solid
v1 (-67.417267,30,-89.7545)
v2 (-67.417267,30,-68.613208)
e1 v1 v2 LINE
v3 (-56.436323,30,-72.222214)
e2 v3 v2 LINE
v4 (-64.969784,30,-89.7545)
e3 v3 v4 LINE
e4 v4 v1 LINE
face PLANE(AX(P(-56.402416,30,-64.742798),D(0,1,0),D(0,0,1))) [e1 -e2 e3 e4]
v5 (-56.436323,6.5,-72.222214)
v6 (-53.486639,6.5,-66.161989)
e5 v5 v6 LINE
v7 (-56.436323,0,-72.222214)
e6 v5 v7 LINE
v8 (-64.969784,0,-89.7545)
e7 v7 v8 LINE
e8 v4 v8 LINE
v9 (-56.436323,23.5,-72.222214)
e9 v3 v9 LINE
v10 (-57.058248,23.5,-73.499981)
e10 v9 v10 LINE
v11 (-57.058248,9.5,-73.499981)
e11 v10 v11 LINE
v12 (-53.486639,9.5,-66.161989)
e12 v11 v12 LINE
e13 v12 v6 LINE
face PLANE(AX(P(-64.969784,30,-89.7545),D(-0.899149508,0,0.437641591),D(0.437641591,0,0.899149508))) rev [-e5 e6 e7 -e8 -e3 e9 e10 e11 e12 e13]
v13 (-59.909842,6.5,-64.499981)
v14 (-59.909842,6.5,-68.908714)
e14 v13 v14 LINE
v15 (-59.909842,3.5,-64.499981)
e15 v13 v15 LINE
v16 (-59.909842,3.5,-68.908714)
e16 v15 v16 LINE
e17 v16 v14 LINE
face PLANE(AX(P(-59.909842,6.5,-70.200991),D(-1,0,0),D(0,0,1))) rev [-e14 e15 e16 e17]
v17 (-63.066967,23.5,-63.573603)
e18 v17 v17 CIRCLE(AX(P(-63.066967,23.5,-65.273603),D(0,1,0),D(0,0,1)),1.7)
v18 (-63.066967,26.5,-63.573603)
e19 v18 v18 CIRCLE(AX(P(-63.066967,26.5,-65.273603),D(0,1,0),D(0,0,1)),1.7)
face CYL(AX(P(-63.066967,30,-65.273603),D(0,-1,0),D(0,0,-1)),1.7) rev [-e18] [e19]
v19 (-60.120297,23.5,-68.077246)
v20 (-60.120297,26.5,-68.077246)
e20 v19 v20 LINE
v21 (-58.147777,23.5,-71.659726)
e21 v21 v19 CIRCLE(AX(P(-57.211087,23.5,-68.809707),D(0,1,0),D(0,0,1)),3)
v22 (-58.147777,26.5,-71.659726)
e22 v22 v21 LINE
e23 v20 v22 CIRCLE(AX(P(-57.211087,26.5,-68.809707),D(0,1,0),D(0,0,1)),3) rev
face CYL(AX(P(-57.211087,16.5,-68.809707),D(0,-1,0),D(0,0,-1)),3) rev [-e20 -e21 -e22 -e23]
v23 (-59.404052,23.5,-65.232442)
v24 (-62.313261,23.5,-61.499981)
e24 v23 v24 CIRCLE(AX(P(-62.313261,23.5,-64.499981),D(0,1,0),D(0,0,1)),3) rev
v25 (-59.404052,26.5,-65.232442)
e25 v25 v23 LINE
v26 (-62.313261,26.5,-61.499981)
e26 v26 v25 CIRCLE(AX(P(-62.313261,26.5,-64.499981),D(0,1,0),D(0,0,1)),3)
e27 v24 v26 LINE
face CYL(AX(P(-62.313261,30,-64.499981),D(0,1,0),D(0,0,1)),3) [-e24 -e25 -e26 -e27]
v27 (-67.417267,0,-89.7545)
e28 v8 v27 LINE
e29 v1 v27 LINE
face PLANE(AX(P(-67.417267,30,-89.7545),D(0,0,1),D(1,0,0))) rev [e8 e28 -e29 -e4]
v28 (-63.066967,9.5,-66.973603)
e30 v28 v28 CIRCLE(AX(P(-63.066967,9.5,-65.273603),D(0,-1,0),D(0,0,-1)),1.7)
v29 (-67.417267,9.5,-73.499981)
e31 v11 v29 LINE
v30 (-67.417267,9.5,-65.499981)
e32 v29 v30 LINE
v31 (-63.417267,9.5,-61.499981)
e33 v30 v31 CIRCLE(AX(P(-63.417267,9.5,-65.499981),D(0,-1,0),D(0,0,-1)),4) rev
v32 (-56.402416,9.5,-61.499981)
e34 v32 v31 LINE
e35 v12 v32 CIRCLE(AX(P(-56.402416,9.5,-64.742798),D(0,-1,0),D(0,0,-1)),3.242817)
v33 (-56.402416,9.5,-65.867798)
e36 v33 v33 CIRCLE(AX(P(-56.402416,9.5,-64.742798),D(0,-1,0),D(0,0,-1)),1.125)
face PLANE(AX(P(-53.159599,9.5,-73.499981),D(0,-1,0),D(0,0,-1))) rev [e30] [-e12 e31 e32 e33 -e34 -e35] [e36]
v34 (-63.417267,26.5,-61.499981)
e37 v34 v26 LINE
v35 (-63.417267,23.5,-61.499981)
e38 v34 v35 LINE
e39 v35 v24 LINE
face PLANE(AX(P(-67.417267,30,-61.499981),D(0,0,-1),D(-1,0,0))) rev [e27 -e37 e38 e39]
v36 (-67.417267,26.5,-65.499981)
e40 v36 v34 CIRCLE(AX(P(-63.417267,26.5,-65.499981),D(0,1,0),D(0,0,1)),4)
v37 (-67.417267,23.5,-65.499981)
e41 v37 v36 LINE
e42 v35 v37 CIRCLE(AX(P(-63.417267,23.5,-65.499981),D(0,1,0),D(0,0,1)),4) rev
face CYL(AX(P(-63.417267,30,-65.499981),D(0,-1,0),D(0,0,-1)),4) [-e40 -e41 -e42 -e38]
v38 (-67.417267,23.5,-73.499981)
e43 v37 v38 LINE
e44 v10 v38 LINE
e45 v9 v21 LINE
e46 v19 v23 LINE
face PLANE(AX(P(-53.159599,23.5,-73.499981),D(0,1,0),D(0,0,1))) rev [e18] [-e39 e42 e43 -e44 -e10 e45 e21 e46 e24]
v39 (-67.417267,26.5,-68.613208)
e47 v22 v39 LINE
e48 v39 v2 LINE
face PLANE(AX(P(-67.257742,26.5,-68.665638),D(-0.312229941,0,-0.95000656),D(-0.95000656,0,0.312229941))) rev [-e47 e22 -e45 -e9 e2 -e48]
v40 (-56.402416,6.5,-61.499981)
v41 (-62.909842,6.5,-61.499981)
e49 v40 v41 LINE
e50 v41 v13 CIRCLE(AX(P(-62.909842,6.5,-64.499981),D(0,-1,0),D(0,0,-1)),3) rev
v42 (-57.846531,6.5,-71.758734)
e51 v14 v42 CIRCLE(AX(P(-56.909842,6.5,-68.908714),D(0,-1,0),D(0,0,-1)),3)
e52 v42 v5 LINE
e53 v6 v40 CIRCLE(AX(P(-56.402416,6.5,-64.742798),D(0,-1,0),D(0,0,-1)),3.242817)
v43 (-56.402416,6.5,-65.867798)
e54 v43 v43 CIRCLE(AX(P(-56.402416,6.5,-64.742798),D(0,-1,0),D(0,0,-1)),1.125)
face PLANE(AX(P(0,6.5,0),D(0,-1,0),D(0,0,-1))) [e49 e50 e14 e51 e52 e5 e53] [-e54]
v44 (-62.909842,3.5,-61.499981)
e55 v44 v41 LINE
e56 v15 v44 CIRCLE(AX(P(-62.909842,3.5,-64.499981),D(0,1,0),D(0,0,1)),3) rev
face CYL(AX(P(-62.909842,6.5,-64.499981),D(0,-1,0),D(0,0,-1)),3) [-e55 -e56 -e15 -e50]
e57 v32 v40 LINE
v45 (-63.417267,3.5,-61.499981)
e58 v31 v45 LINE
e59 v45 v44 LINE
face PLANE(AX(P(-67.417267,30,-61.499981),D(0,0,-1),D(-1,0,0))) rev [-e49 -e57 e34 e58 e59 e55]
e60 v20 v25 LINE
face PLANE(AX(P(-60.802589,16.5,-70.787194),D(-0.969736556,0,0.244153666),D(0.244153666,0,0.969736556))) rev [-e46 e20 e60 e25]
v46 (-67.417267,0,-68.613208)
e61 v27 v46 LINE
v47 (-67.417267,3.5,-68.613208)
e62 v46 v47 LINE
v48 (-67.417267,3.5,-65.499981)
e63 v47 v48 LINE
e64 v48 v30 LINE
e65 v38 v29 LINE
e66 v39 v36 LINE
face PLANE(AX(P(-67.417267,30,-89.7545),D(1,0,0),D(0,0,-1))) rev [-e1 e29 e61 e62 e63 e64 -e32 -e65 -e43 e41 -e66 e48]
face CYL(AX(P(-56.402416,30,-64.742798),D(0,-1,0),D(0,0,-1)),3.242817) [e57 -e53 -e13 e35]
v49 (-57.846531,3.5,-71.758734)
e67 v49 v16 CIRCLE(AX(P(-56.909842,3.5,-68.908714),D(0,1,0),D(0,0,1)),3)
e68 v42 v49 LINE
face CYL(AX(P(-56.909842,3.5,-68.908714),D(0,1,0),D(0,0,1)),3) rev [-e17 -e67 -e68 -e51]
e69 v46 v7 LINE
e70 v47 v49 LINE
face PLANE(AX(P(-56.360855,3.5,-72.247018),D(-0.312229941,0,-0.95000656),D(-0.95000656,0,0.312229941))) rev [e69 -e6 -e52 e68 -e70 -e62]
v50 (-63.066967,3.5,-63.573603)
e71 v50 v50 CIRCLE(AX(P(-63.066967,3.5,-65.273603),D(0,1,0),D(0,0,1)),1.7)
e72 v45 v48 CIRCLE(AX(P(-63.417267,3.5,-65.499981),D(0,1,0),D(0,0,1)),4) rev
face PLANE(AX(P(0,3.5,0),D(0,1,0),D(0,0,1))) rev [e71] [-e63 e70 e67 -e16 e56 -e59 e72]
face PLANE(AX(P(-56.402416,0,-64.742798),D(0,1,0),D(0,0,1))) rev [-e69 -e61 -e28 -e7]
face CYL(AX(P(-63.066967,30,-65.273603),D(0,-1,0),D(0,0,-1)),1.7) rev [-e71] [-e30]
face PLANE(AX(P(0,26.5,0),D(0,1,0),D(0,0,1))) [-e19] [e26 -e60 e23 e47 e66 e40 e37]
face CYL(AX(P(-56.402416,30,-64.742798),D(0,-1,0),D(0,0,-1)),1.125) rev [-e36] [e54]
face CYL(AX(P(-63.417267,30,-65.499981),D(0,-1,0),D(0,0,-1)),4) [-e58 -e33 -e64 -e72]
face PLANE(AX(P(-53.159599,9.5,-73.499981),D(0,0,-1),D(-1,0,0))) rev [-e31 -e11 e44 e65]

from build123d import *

# Parameters (mm, degrees)
SKETCH1_R           = 1.7000000000000015
SKETCH1_R_2         = 1.1249999999999982
BOSS_EXTRUDE1_DEPTH = 30
CUT_EXTRUDE1_DEPTH  = 3.5
CUT_EXTRUDE2_DEPTH  = 3.5
FILLET1_R           = 4
SKETCH6_W           = 16.8927871134671
SKETCH6_H           = 14
CUT_EXTRUDE3_DEPTH  = 96.70345562354154
CUT_EXTRUDE4_DEPTH  = 3
FILLET2_R           = 3
FILLET3_R           = 3
CUT_EXTRUDE7_DEPTH  = 10
FILLET4_R           = 3
FILLET5_R           = 3


with BuildPart() as part:
    # Sketch1 → Boss-Extrude1 (new body)
    with BuildSketch(Plane(origin=(0, 0, 0), x_dir=(1, 0, 0), z_dir=(0, 1, 0))):
        with BuildLine():
            Line((-67.41726719036473, 89.75450030463905), (-64.96978375504433, 89.75450030463905))
            Line((-64.96978375504433, 89.75450030463905), (-53.48663897336089, 66.16198945077305))
            ThreePointArc((-53.48663897336089, 66.16198945077305), (-53.65304900524508, 63.02325116523408), (-56.40241603973214, 61.499981250381275))
            Line((-56.40241603973214, 61.499981250381275), (-67.41726719036473, 61.499981250381275))
            Line((-67.41726719036473, 61.499981250381275), (-67.41726719036473, 89.75450030463905))
        make_face()
        with Locations(Location((-63.06696708972735, 65.27360292976877, 0), (0, 0, 270))):
            Circle(SKETCH1_R, mode=Mode.SUBTRACT)
        with Locations(Location((-56.40241603973214, 64.74279797888421, 0), (0, 0, 270))):
            Circle(SKETCH1_R_2, mode=Mode.SUBTRACT)
    extrude(amount=BOSS_EXTRUDE1_DEPTH)

    # Sketch4 → Cut-Extrude1 (cut)
    with BuildSketch(Plane(origin=(0, 0, 0), x_dir=(-1, 0, 0), z_dir=(0, -1, 0))):
        Polygon((56.36085478477071, 72.24701778462617), (67.25774228220871, 68.66563773680312), (67.56486364186908, 68.5646989769961), (68.07491191484384, 60.66505530671413), (50.67511099214203, 61.303323516745735), (50.323559595932146, 66.74816258197976), align=None)
    extrude(amount=-CUT_EXTRUDE1_DEPTH, mode=Mode.SUBTRACT)

    # Sketch5 → Cut-Extrude2 (cut)
    with BuildSketch(Plane(origin=(0, 30, 0), x_dir=(1, 0, 0), z_dir=(0, 1, 0))):
        Polygon((-56.36085478477071, 72.24701778462617), (-67.25774228220871, 68.66563773680312), (-69.83403727288335, 67.81891049665515), (-69.83403727288335, 60.473378762572615), (-51.53143062922566, 60.473378762572615), (-50.58101521609465, 66.57187766349658), align=None)
    extrude(amount=-CUT_EXTRUDE2_DEPTH, mode=Mode.SUBTRACT)

    # Fillet1
    fillet1_edges = [part.edges().sort_by_distance(p)[0] for p in [
        (-67.41726719036473, 15, -61.499981250381275),
    ]]
    fillet(fillet1_edges, radius=FILLET1_R)

    # Sketch6 → Cut-Extrude3 (cut, through all)
    with BuildSketch(Plane.ZY.offset(67.41726719036473)):
        with Locations((-65.05358769364771, 16.5)):
            Rectangle(SKETCH6_W, SKETCH6_H)
    extrude(amount=-CUT_EXTRUDE3_DEPTH, mode=Mode.SUBTRACT)

    # Sketch7 → Cut-Extrude4 (cut)
    with BuildSketch(Plane(origin=(0, 3.5, 0), x_dir=(-1, 0, 0), z_dir=(0, -1, 0))):
        Polygon((56.43632253896984, 72.22221449018052), (53.48663897336088, 66.16198945077305), (50.72300756793861, 60.4840148917036), (56.40241603973214, 61.499981250381275), (59.909841615048435, 61.499981250381275), (59.909841615048435, 70.20099101348265), (59.909841615048435, 71.08060484084474), align=None)
    extrude(amount=-CUT_EXTRUDE4_DEPTH, mode=Mode.SUBTRACT)

    # Fillet2
    fillet2_edges = [part.edges().sort_by_distance(p)[0] for p in [
        (-59.909841615048435, 5, -61.499981250381275),
    ]]
    fillet(fillet2_edges, radius=FILLET2_R)

    # Fillet3
    fillet3_edges = [part.edges().sort_by_distance(p)[0] for p in [
        (-59.909841615048435, 5, -71.08060484084474),
    ]]
    fillet(fillet3_edges, radius=FILLET3_R)

    # Sketch8 → Cut-Extrude7 (cut)
    with BuildSketch(Plane(origin=(0, 26.5, 0), x_dir=(1, 0, 0), z_dir=(0, 1, 0))):
        Polygon((-59.61138736288163, 71.17869506194207), (-60.80258919639462, 70.78719368317894), (-58.46431809995156, 61.499981250381275), (-56.120645243524336, 59.6371858222966), (-50.85616204416965, 63.63562557653779), (-56.436322538969726, 72.22221449018029), align=None)
    extrude(amount=-CUT_EXTRUDE7_DEPTH, mode=Mode.SUBTRACT)

    # Fillet4
    fillet4_edges = [part.edges().sort_by_distance(p)[0] for p in [
        (-58.46431809995156, 25, -61.499981250381275),
    ]]
    fillet(fillet4_edges, radius=FILLET4_R)

    # Fillet5
    fillet5_edges = [part.edges().sort_by_distance(p)[0] for p in [
        (-60.80258919639462, 25, -70.78719368317894),
    ]]
    fillet(fillet5_edges, radius=FILLET5_R)


solid = part.part
